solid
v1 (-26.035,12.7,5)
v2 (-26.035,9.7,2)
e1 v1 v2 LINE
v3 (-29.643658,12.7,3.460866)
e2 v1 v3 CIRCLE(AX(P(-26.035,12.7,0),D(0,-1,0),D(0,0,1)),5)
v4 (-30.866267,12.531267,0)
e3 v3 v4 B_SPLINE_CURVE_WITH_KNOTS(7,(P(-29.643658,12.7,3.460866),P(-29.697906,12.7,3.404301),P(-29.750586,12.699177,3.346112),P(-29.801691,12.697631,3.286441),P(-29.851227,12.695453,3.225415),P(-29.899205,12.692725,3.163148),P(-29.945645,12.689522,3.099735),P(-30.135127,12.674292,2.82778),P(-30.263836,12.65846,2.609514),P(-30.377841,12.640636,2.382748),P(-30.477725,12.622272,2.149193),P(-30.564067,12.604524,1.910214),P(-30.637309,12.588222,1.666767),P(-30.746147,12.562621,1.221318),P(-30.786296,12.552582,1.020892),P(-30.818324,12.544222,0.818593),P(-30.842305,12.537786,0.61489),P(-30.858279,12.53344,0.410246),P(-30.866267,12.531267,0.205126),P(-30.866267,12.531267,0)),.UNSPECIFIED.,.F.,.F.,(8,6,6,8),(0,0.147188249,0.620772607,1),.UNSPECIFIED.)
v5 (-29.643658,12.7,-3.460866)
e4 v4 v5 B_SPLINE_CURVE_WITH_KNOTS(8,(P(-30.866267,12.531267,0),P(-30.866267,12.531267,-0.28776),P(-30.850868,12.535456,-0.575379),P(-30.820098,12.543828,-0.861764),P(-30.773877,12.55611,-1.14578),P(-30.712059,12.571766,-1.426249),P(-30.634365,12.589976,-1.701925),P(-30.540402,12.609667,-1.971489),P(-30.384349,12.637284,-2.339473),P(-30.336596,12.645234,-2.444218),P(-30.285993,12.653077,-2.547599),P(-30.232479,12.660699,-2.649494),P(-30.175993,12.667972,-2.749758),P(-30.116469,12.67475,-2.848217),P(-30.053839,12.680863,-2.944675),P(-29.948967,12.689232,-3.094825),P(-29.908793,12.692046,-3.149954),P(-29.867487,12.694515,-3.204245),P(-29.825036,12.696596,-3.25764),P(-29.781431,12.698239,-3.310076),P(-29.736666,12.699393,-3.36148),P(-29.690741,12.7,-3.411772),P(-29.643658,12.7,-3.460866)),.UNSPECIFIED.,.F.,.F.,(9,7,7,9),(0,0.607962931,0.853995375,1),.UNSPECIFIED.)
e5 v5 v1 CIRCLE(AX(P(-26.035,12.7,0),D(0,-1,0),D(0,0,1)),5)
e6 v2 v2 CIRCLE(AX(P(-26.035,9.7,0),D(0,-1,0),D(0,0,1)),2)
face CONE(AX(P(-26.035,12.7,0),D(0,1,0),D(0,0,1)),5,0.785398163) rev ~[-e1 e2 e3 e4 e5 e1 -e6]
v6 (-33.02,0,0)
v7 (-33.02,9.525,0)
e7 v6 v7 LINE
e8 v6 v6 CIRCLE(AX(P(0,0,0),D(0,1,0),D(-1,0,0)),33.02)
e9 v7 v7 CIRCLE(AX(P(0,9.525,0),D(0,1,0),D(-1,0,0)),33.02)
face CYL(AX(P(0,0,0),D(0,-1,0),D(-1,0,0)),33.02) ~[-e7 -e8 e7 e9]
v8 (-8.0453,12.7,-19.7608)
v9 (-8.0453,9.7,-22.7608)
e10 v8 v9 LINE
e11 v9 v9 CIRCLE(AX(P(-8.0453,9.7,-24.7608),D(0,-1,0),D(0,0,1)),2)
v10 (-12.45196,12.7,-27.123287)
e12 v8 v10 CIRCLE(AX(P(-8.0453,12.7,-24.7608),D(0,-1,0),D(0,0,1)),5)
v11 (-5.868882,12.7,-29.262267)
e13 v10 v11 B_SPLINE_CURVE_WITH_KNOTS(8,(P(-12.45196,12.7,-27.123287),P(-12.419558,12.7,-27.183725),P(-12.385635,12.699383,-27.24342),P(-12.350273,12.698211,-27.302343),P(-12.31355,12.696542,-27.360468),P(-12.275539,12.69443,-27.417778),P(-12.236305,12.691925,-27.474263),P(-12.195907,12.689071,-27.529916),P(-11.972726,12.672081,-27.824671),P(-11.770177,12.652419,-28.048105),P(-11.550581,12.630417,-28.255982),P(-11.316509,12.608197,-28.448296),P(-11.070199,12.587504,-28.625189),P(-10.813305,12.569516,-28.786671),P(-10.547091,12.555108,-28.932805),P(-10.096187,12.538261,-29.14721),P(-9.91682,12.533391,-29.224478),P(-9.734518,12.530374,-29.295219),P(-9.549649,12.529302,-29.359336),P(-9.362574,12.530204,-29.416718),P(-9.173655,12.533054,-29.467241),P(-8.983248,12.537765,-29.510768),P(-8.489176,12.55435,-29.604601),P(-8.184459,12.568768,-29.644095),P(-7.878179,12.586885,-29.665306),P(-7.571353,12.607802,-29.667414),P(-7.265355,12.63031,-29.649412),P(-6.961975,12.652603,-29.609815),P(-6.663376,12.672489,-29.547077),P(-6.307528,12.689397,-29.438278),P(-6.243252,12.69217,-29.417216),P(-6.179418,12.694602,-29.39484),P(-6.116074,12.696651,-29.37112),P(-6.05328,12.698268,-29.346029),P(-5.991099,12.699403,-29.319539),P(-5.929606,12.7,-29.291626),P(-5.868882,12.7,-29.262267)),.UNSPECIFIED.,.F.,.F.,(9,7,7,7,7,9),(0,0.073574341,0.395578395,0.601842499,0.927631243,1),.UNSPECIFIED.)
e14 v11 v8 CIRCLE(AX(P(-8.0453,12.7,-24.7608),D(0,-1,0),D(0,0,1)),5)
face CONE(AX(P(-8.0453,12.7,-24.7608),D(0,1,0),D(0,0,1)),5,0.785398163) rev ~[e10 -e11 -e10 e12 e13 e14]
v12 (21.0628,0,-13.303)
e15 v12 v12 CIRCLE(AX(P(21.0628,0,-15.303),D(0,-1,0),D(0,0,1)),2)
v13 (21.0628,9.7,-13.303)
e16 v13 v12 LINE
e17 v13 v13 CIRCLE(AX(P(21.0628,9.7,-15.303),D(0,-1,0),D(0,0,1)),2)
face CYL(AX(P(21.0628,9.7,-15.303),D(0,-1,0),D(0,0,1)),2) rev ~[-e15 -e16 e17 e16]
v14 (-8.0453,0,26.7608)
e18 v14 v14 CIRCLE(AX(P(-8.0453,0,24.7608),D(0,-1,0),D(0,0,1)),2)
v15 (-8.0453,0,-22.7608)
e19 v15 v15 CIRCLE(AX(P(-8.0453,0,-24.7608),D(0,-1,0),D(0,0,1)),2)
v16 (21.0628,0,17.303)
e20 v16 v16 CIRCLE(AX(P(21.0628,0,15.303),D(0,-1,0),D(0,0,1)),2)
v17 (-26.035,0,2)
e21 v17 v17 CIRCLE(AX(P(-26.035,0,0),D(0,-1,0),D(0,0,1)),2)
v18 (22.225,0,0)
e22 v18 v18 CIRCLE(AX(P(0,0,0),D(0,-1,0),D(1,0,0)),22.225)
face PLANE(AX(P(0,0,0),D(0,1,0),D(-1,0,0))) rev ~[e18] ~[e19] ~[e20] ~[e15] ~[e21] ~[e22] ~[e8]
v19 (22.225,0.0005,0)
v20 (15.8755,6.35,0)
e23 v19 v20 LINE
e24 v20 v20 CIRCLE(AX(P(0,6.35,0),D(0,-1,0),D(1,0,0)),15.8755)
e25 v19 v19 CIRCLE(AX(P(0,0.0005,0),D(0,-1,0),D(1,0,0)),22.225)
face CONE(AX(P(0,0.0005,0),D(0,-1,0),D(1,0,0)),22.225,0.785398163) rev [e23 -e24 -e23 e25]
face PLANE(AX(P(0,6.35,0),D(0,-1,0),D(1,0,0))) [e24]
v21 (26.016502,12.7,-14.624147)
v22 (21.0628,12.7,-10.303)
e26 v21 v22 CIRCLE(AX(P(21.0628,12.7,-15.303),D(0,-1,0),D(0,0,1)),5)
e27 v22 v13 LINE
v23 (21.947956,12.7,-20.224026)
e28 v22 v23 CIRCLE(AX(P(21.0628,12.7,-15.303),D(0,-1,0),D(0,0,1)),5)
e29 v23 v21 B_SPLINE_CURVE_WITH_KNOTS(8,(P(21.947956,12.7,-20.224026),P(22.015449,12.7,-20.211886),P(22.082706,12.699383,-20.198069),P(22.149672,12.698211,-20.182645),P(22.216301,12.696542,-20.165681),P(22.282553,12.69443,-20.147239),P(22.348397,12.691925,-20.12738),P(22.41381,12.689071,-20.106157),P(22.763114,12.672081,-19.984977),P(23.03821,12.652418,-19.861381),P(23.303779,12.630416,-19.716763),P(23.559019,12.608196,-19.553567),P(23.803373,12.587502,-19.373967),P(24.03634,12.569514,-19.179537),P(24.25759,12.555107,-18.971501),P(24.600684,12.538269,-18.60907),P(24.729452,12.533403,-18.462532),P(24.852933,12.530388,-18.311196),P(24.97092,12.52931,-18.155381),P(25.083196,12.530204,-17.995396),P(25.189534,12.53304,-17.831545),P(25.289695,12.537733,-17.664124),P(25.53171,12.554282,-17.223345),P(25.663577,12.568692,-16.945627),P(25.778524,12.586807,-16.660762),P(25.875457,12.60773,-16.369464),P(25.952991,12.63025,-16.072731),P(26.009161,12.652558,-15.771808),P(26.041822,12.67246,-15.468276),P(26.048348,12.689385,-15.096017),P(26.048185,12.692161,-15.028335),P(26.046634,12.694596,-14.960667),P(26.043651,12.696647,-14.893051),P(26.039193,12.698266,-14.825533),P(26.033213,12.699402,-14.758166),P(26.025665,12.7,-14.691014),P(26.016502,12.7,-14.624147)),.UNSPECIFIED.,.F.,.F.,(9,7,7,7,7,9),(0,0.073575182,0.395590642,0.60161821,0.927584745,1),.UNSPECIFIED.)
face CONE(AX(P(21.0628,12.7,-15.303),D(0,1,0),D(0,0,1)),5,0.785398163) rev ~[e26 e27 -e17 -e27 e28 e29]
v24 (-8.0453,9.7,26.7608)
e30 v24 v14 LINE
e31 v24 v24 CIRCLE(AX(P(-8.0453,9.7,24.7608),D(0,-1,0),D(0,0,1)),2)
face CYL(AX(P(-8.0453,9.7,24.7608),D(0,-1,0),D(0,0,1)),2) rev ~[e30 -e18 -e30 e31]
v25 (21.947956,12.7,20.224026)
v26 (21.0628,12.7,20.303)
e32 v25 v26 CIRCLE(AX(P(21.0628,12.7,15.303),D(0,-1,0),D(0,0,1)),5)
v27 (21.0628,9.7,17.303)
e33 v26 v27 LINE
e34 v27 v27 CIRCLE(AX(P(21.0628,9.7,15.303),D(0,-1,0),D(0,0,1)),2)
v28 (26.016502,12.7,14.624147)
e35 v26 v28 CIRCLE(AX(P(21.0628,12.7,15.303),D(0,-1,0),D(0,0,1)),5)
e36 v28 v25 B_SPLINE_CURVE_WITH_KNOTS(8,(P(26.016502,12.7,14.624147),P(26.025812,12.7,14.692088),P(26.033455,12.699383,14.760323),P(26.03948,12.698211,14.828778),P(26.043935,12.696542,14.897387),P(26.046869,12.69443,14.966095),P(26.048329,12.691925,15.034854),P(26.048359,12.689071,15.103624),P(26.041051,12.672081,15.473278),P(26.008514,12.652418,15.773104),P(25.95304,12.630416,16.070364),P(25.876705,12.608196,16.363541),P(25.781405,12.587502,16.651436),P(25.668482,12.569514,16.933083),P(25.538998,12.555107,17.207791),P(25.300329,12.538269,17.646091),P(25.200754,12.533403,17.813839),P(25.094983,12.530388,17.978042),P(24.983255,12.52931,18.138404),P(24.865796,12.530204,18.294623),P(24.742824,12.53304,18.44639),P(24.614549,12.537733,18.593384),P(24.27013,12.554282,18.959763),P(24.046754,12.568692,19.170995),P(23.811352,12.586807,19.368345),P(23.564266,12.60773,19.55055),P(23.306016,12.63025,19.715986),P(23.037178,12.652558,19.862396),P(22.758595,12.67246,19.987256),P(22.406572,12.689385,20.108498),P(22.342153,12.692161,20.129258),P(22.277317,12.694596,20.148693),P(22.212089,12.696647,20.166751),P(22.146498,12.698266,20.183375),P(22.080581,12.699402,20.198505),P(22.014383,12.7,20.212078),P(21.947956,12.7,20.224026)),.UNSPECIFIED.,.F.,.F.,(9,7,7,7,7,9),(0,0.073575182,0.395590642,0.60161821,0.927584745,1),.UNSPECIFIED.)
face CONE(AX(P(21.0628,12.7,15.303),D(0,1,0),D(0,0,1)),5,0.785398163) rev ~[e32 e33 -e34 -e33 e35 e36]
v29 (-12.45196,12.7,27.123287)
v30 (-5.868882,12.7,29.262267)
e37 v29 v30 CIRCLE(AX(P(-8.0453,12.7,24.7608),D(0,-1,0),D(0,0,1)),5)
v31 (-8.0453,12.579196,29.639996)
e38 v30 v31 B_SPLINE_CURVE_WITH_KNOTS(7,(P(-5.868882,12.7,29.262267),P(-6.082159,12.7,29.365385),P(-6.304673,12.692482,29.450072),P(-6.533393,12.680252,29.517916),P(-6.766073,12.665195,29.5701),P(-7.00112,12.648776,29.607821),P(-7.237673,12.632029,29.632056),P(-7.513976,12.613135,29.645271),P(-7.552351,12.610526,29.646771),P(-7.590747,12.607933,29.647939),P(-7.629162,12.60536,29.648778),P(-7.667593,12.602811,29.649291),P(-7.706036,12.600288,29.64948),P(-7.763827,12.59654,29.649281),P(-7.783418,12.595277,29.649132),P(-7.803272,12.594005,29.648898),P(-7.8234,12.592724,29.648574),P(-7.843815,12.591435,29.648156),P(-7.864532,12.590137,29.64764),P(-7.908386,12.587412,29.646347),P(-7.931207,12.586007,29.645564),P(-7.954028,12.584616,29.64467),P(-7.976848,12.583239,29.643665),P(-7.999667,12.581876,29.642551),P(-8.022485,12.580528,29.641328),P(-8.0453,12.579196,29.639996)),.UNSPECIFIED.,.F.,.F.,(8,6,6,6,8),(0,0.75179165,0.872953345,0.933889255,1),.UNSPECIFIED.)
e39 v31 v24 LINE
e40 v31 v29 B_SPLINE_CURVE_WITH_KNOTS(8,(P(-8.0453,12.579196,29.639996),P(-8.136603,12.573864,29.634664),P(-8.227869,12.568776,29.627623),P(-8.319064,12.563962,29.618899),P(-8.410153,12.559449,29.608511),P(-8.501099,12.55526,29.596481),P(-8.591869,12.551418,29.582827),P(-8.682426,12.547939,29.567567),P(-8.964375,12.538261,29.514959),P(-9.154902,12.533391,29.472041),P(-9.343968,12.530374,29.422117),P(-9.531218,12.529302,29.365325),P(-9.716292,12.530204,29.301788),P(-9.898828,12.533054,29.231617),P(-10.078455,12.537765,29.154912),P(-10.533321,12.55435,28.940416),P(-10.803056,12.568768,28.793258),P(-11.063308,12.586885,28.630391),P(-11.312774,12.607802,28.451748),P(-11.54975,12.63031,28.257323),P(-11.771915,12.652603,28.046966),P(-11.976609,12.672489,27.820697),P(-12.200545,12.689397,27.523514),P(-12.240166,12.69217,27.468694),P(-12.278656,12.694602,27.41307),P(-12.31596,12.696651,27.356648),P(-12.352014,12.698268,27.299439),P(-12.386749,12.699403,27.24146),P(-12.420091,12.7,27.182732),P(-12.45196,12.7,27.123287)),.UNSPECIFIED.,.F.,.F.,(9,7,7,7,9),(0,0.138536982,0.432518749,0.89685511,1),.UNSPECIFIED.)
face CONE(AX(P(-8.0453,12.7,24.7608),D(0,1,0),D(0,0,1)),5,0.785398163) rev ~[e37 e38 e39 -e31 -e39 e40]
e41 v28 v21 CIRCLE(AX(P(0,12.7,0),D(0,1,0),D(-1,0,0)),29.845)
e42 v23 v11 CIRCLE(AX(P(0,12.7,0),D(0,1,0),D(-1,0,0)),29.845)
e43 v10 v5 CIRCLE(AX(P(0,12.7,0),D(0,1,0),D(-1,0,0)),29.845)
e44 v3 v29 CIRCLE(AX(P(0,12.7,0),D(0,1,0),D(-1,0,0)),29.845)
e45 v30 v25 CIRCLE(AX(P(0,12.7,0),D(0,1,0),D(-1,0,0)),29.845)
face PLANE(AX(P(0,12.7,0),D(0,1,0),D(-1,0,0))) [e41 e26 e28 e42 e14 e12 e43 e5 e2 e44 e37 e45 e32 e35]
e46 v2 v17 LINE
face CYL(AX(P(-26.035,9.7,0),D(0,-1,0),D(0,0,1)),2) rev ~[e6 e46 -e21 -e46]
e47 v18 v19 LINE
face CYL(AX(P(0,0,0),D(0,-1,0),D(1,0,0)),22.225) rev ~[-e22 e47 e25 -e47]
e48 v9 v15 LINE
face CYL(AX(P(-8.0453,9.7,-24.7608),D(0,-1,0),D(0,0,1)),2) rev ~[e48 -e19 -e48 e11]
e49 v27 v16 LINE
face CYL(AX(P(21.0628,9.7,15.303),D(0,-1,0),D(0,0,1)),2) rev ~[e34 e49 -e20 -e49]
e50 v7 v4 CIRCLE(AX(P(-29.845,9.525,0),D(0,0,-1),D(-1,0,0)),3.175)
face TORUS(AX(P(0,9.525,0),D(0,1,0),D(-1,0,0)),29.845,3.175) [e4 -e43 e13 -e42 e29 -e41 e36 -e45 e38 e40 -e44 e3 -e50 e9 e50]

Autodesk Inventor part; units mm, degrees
ref_plane "YZ Plane" through (0, 0, 0) normal (1, 0, 0) x (0, 1, 0)
ref_plane "XZ Plane" through (0, 0, 0) normal (0, 1, 0) x (-1, 0, 0)
ref_plane "XY Plane" through (0, 0, 0) normal (0, 0, 1) x (1, 0, 0)
sketch "Sketch1" plane through (0, 0, 0) normal (0, 1, 0) x (-1, 0, 0)
  circle A0 centre (0, 0) radius 33.02
  dimension "d0" = 66.04
extrude "Extrusion1" add sketch "Sketch1" along normal blind 12.7
fillet "Fillet1" radius 3.175 1 edges at (33.02, 12.7, 0)
sketch "Sketch2" plane through (0, 12.7, 0) normal (0, 1, 0) x (1, 0, 0)
  line L0 (0, 0) -> (-26.035, 0)
  point P0 (-8.0453, -24.7608)
  point P1 (21.0628, -15.303)
  point P2 (21.0628, 15.303)
  point P3 (-8.0453, 24.7608)
  dimension "d4" = 26.035
  dimension "d7" = 360
hole "Hole1" at (-26.035, 12.7, 0) at (-8.0453, 12.7, 24.7608) at (21.0628, 12.7, 15.303) at (21.0628, 12.7, -15.303) at (-8.0453, 12.7, -24.7608) direction (0, -1, 0) diameter 4 end through all countersink diameter 10 countersink angle 90
sketch "Sketch3" plane through (0, 0, 0) normal (0, -1, 0) x (1, 0, 0)
  circle A0 centre (0, 0) radius 22.225
  dimension "d16" = 44.45
extrude "Extrusion2" cut sketch "Sketch3" against normal blind 6.35
chamfer "Chamfer1" distance 6.35 angle 45 1 edges at (-22.225, 6.35, 0)
properties part number "bearingplate 2"
